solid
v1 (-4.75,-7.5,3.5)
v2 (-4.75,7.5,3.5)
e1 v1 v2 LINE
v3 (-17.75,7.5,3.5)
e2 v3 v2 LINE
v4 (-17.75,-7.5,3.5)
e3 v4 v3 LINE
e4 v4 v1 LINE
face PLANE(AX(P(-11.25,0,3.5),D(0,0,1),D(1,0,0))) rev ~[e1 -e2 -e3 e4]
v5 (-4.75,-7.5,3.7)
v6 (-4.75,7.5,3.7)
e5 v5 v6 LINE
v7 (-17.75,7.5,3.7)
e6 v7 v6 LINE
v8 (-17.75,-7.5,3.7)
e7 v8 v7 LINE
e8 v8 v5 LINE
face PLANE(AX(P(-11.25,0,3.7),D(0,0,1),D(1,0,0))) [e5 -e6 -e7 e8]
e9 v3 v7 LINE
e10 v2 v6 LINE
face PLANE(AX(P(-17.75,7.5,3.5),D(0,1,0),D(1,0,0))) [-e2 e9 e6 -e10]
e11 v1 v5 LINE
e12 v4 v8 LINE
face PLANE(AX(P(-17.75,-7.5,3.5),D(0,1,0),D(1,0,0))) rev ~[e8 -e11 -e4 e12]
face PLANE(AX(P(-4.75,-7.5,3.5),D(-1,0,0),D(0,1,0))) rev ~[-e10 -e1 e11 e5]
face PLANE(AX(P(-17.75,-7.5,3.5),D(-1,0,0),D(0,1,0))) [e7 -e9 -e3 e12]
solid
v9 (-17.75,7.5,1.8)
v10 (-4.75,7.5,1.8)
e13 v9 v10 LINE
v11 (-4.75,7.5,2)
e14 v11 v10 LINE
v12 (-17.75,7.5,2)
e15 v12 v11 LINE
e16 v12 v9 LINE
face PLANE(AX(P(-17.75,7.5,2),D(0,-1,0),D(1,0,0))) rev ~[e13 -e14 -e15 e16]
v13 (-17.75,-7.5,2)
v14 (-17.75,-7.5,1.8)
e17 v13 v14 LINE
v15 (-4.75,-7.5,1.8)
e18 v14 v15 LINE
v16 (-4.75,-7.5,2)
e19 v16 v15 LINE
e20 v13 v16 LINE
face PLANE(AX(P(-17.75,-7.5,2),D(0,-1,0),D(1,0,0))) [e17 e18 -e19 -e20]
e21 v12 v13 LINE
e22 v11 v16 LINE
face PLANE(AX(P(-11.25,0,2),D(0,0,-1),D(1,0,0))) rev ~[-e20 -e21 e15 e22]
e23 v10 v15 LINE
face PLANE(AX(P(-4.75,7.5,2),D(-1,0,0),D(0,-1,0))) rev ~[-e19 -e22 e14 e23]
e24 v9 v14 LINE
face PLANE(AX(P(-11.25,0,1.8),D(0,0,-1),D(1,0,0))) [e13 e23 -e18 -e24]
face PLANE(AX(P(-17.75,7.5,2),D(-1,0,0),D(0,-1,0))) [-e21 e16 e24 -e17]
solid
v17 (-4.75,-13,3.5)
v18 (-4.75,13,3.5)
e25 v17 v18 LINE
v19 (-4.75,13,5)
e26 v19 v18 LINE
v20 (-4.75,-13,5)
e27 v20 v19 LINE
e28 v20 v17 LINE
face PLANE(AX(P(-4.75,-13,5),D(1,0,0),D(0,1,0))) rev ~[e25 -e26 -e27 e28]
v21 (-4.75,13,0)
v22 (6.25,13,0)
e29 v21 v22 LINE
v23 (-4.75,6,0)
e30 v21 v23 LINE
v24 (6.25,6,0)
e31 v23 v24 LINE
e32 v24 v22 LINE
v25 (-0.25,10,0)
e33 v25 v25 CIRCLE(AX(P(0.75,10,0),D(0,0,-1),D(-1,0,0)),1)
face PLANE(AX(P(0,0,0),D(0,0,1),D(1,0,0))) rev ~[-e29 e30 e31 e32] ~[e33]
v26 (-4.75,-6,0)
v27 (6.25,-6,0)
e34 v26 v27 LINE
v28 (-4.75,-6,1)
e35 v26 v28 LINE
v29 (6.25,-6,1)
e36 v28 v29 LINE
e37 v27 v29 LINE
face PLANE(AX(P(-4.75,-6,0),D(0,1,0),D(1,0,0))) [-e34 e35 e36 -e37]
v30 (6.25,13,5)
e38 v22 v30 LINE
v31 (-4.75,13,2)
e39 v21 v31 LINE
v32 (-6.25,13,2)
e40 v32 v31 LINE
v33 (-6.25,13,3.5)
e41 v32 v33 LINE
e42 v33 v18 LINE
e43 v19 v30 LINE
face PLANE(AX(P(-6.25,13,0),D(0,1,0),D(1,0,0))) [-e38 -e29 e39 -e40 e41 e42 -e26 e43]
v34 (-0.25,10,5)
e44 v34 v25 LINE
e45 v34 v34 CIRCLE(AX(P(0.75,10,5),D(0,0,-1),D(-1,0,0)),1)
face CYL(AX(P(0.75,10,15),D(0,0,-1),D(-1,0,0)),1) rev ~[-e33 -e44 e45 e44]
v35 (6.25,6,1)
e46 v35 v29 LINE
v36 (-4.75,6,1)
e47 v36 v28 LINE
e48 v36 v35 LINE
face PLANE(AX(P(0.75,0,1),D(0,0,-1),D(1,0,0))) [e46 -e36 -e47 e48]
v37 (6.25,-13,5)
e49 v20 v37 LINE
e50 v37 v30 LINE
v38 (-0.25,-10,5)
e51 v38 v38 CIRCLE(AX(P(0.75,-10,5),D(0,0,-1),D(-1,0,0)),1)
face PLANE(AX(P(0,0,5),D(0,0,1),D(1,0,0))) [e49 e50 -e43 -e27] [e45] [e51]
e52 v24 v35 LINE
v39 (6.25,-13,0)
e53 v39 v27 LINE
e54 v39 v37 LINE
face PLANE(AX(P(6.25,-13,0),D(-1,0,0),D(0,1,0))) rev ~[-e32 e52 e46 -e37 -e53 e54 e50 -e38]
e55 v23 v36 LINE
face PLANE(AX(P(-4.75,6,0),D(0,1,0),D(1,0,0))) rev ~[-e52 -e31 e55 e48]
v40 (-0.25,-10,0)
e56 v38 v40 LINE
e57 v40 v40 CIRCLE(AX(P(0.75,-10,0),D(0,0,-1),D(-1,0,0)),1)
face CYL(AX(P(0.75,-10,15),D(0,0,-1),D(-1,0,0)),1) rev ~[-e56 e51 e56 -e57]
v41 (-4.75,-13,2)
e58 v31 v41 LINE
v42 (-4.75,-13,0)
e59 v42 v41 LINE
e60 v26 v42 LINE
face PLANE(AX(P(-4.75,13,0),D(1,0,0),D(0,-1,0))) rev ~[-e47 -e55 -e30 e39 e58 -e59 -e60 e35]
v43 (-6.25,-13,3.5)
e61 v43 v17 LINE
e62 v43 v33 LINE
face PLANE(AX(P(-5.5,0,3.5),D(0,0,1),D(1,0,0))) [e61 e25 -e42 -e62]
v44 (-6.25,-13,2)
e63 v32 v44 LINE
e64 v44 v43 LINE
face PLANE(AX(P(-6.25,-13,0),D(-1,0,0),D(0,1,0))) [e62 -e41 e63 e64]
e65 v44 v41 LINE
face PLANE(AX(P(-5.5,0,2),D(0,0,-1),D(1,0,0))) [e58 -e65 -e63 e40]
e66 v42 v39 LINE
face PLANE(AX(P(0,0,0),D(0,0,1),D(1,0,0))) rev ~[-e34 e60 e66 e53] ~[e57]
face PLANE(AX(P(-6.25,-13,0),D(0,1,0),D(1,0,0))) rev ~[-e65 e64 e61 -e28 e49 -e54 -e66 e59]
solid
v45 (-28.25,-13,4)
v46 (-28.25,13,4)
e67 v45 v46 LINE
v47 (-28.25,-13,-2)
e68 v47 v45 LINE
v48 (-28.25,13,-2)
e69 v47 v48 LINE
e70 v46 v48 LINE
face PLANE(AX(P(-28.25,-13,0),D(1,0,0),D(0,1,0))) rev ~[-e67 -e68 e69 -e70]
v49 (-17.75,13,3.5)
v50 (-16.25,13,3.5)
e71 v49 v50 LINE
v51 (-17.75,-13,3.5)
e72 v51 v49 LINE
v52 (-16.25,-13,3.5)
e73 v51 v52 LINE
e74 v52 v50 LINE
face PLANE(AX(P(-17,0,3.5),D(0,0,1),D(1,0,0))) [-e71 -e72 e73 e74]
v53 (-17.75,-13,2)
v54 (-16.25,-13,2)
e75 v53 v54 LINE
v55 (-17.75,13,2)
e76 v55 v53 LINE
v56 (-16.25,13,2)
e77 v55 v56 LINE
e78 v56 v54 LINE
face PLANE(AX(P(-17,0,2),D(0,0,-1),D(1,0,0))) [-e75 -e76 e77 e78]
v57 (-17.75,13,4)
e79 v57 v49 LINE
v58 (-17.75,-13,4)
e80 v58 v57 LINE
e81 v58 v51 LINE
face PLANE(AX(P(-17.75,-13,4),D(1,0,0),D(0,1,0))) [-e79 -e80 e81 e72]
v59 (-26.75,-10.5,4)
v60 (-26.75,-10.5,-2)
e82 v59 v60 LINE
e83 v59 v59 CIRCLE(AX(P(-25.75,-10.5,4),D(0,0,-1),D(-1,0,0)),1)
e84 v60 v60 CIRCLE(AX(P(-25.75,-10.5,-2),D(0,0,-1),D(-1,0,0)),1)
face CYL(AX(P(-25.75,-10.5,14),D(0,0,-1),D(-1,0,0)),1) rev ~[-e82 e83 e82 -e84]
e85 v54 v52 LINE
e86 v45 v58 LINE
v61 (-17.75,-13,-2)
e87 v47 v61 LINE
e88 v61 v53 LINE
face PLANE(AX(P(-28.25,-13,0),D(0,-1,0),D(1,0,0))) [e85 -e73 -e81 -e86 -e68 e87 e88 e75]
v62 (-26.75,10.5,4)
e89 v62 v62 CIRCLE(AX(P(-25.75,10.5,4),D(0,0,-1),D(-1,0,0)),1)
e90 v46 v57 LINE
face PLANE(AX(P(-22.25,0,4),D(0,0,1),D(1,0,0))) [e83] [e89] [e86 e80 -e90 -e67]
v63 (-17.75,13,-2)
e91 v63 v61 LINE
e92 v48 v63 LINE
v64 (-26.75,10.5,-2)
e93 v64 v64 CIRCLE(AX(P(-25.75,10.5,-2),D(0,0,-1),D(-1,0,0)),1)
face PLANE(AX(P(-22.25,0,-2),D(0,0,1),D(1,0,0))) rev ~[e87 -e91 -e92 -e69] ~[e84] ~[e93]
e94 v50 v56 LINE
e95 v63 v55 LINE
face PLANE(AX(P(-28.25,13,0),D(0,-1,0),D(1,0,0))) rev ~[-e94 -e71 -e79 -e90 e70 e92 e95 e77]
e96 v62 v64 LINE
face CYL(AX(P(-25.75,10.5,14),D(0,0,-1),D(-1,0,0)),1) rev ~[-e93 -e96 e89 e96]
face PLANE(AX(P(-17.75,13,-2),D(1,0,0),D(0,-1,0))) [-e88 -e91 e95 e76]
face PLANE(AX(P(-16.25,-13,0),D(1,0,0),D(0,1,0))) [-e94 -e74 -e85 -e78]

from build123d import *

# Parameters (mm, degrees)
F0_W           = 12.5
F0_H           = 26
F1_DEPTH       = 5
F2_W           = 1.5
F2_H           = 26
F3_DEPTH       = 1.5
F4_W           = 1.5
F4_H           = 26
F5_DEPTH       = 2
F6_W           = 11
F6_H           = 12
F7_DEPTH       = 1
F9_D           = 2
F9_DEPTH       = 10
F9_TIP         = 0.600860619
F10_W          = 13
F10_H          = 15
F11_DEPTH      = 0.2
F12_W          = 12
F12_H          = 26
F13_DEPTH      = 4
F13_DEPTH_BACK = 2
F14_W          = 1.5
F14_H          = 26
F15_DEPTH      = 0.5
F16_W          = 1.5
F16_H          = 26
F17_DEPTH      = 4
F19_D          = 2
F19_DEPTH      = 10
F19_TIP        = 0.600860619
F20_W          = 13
F20_H          = 15
F21_DEPTH      = 0.2


with BuildPart() as f1:
    # F0 (on Top) → F1 (new body)
    with BuildSketch(Plane.XY):
        Rectangle(F0_W, F0_H)
    extrude(amount=F1_DEPTH)

    # F2 (on face) → F3 (cut)
    with BuildSketch(Plane.XY.offset(5)):
        with Locations((-5.5, 0)):
            Rectangle(F2_W, F2_H)
    extrude(amount=-F3_DEPTH, mode=Mode.SUBTRACT)

    # F4 (on face) → F5 (cut)
    with BuildSketch(Plane(origin=(0, 0, 0), x_dir=(1, 0, 0), z_dir=(0, 0, -1))):
        with Locations((-5.5, 0)):
            Rectangle(F4_W, F4_H)
    extrude(amount=-F5_DEPTH, mode=Mode.SUBTRACT)

    # F6 (on face) → F7 (cut)
    with BuildSketch(Plane(origin=(0, 0, 0), x_dir=(1, 0, 0), z_dir=(0, 0, -1))):
        with Locations((0.75, 0)):
            Rectangle(F6_W, F6_H)
    extrude(amount=-F7_DEPTH, mode=Mode.SUBTRACT)

    # F9
    with Locations(Plane.XY.offset(5)):
        with Locations((0.75, 10), (0.75, -10)):
            Hole(F9_D / 2, depth=F9_DEPTH)
            with Locations((0, 0, -(F9_DEPTH + F9_TIP / 2))):  # 118° drill point
                Cone(0, F9_D / 2, F9_TIP, mode=Mode.SUBTRACT)


with BuildPart() as f11:
    # F10 (on face) → F11 (new body)
    with BuildSketch(Plane.XY.offset(3.5)):
        with Locations((-11.25, 0)):
            Rectangle(F10_W, F10_H)
    extrude(amount=F11_DEPTH)


with BuildPart() as f13:
    # F12 (on Top) → F13 (new body, two sides)
    with BuildSketch(Plane.XY) as f13_sk:
        with Locations((-22.25, 0)):
            Rectangle(F12_W, F12_H)
    extrude(amount=F13_DEPTH)
    extrude(f13_sk.sketch, amount=-F13_DEPTH_BACK)

    # F14 (on face) → F15 (cut)
    with BuildSketch(Plane.XY.offset(4)):
        with Locations((-17, 0)):
            Rectangle(F14_W, F14_H)
    extrude(amount=-F15_DEPTH, mode=Mode.SUBTRACT)

    # F16 (on face) → F17 (cut)
    with BuildSketch(Plane(origin=(0, 0, -2), x_dir=(1, 0, 0), z_dir=(0, 0, -1))):
        with Locations((-17, 0)):
            Rectangle(F16_W, F16_H)
    extrude(amount=-F17_DEPTH, mode=Mode.SUBTRACT)

    # F19
    with Locations(Plane.XY.offset(4)):
        with Locations((-25.75, 10.5), (-25.75, -10.5)):
            Hole(F19_D / 2, depth=F19_DEPTH)
            with Locations((0, 0, -(F19_DEPTH + F19_TIP / 2))):  # 118° drill point
                Cone(0, F19_D / 2, F19_TIP, mode=Mode.SUBTRACT)


with BuildPart() as f21:
    # F20 (on face) → F21 (new body)
    with BuildSketch(Plane(origin=(0, 0, 2), x_dir=(1, 0, 0), z_dir=(0, 0, -1))):
        with Locations((-11.25, 0)):
            Rectangle(F20_W, F20_H)
    extrude(amount=F21_DEPTH)


solid = Compound([f1.part, f11.part, f13.part, f21.part])
